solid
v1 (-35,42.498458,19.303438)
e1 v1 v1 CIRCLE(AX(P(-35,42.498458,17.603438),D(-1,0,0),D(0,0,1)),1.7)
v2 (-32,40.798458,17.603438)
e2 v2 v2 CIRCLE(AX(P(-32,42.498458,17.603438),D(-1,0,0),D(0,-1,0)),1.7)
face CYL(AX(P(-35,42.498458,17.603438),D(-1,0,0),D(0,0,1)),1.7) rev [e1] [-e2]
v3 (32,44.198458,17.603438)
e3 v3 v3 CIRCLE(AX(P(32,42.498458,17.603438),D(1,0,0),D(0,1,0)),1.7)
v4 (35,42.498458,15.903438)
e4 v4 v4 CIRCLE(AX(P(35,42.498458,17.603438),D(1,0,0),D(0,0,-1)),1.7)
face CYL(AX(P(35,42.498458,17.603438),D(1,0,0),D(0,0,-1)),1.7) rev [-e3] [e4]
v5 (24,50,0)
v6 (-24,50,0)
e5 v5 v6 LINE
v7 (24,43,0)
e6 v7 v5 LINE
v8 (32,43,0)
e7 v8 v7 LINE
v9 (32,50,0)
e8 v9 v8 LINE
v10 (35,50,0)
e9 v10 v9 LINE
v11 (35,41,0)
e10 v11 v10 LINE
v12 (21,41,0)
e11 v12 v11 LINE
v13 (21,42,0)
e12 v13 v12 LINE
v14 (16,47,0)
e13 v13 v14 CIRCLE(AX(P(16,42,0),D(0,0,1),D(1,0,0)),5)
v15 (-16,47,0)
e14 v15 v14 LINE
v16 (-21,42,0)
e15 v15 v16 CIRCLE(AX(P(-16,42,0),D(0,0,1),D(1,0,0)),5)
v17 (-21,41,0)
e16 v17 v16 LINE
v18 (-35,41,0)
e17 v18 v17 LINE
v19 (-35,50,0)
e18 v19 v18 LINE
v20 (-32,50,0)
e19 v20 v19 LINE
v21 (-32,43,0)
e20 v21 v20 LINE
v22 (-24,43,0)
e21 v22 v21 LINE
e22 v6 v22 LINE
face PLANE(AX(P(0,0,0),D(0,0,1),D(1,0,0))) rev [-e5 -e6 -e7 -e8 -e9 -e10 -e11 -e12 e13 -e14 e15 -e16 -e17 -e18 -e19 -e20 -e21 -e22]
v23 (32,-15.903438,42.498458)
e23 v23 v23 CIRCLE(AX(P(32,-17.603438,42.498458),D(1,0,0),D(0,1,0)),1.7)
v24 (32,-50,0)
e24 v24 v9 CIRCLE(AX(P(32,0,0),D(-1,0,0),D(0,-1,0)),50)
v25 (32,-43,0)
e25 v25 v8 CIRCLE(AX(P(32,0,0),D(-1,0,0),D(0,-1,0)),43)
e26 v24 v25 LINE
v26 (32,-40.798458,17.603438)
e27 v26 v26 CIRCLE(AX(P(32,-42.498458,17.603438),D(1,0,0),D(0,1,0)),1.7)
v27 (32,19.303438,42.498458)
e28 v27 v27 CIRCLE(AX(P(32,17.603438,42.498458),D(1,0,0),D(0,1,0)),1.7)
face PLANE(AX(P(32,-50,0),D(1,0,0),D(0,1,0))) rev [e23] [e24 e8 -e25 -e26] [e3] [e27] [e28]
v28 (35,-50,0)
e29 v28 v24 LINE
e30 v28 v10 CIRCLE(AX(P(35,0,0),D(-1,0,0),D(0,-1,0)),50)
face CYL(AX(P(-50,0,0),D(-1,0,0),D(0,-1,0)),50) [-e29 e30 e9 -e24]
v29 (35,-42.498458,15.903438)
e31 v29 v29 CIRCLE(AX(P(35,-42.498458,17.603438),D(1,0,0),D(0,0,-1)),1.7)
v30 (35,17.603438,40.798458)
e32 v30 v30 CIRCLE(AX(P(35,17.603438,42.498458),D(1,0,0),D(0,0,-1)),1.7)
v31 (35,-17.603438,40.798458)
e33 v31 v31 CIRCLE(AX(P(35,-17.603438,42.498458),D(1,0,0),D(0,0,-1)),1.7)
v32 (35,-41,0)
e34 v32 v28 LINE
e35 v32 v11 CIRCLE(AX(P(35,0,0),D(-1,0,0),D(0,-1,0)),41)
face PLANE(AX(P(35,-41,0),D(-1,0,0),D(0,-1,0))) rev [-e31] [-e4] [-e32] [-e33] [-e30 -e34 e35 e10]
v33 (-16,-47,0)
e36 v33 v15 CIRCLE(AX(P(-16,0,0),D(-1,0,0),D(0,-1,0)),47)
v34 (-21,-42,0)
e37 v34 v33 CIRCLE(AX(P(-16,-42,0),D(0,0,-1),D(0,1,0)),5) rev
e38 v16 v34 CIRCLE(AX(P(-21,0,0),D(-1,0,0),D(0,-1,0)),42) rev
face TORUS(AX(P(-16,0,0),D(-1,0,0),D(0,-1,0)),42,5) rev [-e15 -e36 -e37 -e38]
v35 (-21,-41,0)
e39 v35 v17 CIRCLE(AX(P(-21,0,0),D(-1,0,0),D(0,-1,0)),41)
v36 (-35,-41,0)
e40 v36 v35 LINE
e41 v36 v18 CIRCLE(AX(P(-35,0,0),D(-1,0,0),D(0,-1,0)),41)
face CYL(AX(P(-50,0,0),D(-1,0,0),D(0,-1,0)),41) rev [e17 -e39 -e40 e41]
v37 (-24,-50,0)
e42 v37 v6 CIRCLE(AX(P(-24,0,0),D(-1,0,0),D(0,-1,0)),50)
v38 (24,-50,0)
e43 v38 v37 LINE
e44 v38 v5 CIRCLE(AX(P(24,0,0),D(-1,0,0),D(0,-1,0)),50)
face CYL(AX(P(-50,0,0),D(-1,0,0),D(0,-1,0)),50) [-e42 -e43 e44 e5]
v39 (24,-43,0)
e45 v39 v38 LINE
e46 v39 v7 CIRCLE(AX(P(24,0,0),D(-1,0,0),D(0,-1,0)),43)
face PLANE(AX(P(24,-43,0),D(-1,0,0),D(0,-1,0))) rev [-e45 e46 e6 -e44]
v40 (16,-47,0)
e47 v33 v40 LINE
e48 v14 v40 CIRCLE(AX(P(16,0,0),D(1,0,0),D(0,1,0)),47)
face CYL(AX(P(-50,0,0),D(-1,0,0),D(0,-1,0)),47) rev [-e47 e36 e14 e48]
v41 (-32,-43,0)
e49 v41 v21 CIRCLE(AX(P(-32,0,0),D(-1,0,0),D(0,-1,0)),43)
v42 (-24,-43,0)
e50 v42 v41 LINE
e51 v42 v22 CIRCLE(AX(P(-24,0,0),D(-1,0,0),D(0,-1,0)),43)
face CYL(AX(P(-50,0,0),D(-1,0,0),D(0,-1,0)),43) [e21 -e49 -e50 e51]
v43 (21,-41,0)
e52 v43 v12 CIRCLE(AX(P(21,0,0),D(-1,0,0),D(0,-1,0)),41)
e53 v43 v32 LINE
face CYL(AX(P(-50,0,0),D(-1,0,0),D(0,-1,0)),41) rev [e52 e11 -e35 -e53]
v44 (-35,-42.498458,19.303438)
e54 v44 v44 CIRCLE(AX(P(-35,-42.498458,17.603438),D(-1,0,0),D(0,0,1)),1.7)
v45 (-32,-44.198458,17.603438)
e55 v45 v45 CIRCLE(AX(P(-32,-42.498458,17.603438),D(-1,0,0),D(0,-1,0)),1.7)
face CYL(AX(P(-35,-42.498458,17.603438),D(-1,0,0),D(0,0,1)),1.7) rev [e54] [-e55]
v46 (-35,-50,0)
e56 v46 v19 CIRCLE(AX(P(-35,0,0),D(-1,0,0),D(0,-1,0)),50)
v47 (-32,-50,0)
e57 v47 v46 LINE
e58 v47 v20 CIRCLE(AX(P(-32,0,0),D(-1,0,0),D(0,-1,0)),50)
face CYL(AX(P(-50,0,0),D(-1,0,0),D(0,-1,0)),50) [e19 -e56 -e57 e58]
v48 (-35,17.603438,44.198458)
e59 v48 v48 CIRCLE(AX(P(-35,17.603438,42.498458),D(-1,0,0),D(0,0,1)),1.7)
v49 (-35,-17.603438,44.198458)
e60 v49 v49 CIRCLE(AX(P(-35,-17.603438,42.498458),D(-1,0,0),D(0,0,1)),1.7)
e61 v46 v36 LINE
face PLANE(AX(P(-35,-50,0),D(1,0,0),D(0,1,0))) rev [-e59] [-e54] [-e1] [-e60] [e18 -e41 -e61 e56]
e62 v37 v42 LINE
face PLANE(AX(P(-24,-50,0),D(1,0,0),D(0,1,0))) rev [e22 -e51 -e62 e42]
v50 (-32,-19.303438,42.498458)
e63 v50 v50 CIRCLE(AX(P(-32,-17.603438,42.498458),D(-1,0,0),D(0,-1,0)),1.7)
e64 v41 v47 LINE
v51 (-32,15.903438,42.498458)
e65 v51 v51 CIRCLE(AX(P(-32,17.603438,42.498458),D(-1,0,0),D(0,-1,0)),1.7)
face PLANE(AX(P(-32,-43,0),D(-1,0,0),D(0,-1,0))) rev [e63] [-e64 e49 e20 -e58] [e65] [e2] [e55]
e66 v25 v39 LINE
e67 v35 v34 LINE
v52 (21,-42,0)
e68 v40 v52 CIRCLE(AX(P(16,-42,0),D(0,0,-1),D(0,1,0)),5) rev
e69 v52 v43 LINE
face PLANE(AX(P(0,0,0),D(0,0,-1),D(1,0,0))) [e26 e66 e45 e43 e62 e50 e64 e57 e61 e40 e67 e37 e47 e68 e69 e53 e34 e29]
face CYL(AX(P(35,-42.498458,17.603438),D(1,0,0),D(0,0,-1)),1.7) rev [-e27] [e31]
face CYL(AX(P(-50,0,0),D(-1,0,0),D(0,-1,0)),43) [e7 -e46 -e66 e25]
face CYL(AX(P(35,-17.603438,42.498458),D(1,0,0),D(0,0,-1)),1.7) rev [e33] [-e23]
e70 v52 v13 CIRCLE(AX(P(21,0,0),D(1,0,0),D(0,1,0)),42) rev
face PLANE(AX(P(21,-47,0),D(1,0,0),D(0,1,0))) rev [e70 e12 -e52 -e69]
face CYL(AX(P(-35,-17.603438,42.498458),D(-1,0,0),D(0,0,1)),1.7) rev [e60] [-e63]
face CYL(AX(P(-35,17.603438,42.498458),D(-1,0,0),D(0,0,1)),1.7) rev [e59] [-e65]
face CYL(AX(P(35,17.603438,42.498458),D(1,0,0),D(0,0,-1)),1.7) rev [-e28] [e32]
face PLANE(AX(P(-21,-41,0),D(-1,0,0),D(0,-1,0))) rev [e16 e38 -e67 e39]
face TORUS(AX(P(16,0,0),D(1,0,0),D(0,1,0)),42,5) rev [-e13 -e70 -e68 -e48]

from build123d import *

# Parameters (mm, degrees)
REVOLVE_1_ANGLE          = 180
HOLE_WIZARD_M3_1_D       = 3.4
HOLE_WIZARD_M3_1_DEPTH   = 3
PATTERN_CIRCULAR_1_COUNT = 4
PATTERN_CIRCULAR_1_ANGLE = 135
MIRROR_1_COPY_1_D        = 3.4
MIRROR_1_COPY_1_DEPTH    = 3
MIRROR_1_COPY_2_D        = 3.4
MIRROR_1_COPY_2_DEPTH    = 3
MIRROR_1_COPY_3_D        = 3.4
MIRROR_1_COPY_3_DEPTH    = 3
FILLET_1_R               = 5


with BuildPart() as part:
    # ｽｹｯﾁ1 → 回転1 (revolve)
    with BuildSketch(Plane.XY):
        Polygon((-35, 41), (-21, 41), (-21, 47), (21, 47), (21, 41), (35, 41), (35, 50), (32, 50), (32, 43), (24, 43), (24, 50), (-24, 50), (-24, 43), (-32, 43), (-32, 50), (-35, 50), align=None)
    revolve(axis=Axis((-50, 0, 0), (1, 0, 0)), revolution_arc=REVOLVE_1_ANGLE)

    # M3 すきま穴1
    with Locations(Plane.ZY.offset(35)):
        with Locations((17.603437889, -42.498458496)):
            hole_wizard_m3_1 = Hole(HOLE_WIZARD_M3_1_D / 2, depth=HOLE_WIZARD_M3_1_DEPTH)

    # 円形ﾊﾟﾀｰﾝ1: M3 すきま穴1 ×4 about axis
    pattern_circular_1_axis = Axis((0, 0, 0), (-1, 0, 0))
    for i in range(1, PATTERN_CIRCULAR_1_COUNT):
        add(hole_wizard_m3_1.rotate(pattern_circular_1_axis, i * PATTERN_CIRCULAR_1_ANGLE / (PATTERN_CIRCULAR_1_COUNT - 1)), mode=Mode.SUBTRACT)

    # ﾐﾗｰ1: M3 すきま穴1 across plane
    add(hole_wizard_m3_1.mirror(Plane(origin=(0, 0, 0), x_dir=(0, 0, 1), z_dir=(1, 0, 0))), mode=Mode.SUBTRACT)

    # ﾐﾗｰ1 copy 1
    with Locations(Plane(origin=(35, 0, 0), x_dir=(0, 0.7071067811865487, 0.7071067811865464), z_dir=(1, 0, 0))):
        with Locations((17.603437889, 42.498458496)):
            Hole(MIRROR_1_COPY_1_D / 2, depth=MIRROR_1_COPY_1_DEPTH)

    # ﾐﾗｰ1 copy 2
    with Locations(Plane.YZ.offset(35)):
        with Locations((17.603437889, 42.498458496)):
            Hole(MIRROR_1_COPY_2_D / 2, depth=MIRROR_1_COPY_2_DEPTH)

    # ﾐﾗｰ1 copy 3
    with Locations(Plane(origin=(35, 0, 0), x_dir=(0, 0.7071067811865441, -0.7071067811865509), z_dir=(1, 0, 0))):
        with Locations((17.603437889, 42.498458496)):
            Hole(MIRROR_1_COPY_3_D / 2, depth=MIRROR_1_COPY_3_DEPTH)

    # ﾌｨﾚｯﾄ1
    fillet_1_edges = [part.edges().sort_by_distance(p)[0] for p in [
        (21, 0, 47),
        (-21, 0, 47),
    ]]
    fillet(fillet_1_edges, radius=FILLET_1_R)


solid = part.part
